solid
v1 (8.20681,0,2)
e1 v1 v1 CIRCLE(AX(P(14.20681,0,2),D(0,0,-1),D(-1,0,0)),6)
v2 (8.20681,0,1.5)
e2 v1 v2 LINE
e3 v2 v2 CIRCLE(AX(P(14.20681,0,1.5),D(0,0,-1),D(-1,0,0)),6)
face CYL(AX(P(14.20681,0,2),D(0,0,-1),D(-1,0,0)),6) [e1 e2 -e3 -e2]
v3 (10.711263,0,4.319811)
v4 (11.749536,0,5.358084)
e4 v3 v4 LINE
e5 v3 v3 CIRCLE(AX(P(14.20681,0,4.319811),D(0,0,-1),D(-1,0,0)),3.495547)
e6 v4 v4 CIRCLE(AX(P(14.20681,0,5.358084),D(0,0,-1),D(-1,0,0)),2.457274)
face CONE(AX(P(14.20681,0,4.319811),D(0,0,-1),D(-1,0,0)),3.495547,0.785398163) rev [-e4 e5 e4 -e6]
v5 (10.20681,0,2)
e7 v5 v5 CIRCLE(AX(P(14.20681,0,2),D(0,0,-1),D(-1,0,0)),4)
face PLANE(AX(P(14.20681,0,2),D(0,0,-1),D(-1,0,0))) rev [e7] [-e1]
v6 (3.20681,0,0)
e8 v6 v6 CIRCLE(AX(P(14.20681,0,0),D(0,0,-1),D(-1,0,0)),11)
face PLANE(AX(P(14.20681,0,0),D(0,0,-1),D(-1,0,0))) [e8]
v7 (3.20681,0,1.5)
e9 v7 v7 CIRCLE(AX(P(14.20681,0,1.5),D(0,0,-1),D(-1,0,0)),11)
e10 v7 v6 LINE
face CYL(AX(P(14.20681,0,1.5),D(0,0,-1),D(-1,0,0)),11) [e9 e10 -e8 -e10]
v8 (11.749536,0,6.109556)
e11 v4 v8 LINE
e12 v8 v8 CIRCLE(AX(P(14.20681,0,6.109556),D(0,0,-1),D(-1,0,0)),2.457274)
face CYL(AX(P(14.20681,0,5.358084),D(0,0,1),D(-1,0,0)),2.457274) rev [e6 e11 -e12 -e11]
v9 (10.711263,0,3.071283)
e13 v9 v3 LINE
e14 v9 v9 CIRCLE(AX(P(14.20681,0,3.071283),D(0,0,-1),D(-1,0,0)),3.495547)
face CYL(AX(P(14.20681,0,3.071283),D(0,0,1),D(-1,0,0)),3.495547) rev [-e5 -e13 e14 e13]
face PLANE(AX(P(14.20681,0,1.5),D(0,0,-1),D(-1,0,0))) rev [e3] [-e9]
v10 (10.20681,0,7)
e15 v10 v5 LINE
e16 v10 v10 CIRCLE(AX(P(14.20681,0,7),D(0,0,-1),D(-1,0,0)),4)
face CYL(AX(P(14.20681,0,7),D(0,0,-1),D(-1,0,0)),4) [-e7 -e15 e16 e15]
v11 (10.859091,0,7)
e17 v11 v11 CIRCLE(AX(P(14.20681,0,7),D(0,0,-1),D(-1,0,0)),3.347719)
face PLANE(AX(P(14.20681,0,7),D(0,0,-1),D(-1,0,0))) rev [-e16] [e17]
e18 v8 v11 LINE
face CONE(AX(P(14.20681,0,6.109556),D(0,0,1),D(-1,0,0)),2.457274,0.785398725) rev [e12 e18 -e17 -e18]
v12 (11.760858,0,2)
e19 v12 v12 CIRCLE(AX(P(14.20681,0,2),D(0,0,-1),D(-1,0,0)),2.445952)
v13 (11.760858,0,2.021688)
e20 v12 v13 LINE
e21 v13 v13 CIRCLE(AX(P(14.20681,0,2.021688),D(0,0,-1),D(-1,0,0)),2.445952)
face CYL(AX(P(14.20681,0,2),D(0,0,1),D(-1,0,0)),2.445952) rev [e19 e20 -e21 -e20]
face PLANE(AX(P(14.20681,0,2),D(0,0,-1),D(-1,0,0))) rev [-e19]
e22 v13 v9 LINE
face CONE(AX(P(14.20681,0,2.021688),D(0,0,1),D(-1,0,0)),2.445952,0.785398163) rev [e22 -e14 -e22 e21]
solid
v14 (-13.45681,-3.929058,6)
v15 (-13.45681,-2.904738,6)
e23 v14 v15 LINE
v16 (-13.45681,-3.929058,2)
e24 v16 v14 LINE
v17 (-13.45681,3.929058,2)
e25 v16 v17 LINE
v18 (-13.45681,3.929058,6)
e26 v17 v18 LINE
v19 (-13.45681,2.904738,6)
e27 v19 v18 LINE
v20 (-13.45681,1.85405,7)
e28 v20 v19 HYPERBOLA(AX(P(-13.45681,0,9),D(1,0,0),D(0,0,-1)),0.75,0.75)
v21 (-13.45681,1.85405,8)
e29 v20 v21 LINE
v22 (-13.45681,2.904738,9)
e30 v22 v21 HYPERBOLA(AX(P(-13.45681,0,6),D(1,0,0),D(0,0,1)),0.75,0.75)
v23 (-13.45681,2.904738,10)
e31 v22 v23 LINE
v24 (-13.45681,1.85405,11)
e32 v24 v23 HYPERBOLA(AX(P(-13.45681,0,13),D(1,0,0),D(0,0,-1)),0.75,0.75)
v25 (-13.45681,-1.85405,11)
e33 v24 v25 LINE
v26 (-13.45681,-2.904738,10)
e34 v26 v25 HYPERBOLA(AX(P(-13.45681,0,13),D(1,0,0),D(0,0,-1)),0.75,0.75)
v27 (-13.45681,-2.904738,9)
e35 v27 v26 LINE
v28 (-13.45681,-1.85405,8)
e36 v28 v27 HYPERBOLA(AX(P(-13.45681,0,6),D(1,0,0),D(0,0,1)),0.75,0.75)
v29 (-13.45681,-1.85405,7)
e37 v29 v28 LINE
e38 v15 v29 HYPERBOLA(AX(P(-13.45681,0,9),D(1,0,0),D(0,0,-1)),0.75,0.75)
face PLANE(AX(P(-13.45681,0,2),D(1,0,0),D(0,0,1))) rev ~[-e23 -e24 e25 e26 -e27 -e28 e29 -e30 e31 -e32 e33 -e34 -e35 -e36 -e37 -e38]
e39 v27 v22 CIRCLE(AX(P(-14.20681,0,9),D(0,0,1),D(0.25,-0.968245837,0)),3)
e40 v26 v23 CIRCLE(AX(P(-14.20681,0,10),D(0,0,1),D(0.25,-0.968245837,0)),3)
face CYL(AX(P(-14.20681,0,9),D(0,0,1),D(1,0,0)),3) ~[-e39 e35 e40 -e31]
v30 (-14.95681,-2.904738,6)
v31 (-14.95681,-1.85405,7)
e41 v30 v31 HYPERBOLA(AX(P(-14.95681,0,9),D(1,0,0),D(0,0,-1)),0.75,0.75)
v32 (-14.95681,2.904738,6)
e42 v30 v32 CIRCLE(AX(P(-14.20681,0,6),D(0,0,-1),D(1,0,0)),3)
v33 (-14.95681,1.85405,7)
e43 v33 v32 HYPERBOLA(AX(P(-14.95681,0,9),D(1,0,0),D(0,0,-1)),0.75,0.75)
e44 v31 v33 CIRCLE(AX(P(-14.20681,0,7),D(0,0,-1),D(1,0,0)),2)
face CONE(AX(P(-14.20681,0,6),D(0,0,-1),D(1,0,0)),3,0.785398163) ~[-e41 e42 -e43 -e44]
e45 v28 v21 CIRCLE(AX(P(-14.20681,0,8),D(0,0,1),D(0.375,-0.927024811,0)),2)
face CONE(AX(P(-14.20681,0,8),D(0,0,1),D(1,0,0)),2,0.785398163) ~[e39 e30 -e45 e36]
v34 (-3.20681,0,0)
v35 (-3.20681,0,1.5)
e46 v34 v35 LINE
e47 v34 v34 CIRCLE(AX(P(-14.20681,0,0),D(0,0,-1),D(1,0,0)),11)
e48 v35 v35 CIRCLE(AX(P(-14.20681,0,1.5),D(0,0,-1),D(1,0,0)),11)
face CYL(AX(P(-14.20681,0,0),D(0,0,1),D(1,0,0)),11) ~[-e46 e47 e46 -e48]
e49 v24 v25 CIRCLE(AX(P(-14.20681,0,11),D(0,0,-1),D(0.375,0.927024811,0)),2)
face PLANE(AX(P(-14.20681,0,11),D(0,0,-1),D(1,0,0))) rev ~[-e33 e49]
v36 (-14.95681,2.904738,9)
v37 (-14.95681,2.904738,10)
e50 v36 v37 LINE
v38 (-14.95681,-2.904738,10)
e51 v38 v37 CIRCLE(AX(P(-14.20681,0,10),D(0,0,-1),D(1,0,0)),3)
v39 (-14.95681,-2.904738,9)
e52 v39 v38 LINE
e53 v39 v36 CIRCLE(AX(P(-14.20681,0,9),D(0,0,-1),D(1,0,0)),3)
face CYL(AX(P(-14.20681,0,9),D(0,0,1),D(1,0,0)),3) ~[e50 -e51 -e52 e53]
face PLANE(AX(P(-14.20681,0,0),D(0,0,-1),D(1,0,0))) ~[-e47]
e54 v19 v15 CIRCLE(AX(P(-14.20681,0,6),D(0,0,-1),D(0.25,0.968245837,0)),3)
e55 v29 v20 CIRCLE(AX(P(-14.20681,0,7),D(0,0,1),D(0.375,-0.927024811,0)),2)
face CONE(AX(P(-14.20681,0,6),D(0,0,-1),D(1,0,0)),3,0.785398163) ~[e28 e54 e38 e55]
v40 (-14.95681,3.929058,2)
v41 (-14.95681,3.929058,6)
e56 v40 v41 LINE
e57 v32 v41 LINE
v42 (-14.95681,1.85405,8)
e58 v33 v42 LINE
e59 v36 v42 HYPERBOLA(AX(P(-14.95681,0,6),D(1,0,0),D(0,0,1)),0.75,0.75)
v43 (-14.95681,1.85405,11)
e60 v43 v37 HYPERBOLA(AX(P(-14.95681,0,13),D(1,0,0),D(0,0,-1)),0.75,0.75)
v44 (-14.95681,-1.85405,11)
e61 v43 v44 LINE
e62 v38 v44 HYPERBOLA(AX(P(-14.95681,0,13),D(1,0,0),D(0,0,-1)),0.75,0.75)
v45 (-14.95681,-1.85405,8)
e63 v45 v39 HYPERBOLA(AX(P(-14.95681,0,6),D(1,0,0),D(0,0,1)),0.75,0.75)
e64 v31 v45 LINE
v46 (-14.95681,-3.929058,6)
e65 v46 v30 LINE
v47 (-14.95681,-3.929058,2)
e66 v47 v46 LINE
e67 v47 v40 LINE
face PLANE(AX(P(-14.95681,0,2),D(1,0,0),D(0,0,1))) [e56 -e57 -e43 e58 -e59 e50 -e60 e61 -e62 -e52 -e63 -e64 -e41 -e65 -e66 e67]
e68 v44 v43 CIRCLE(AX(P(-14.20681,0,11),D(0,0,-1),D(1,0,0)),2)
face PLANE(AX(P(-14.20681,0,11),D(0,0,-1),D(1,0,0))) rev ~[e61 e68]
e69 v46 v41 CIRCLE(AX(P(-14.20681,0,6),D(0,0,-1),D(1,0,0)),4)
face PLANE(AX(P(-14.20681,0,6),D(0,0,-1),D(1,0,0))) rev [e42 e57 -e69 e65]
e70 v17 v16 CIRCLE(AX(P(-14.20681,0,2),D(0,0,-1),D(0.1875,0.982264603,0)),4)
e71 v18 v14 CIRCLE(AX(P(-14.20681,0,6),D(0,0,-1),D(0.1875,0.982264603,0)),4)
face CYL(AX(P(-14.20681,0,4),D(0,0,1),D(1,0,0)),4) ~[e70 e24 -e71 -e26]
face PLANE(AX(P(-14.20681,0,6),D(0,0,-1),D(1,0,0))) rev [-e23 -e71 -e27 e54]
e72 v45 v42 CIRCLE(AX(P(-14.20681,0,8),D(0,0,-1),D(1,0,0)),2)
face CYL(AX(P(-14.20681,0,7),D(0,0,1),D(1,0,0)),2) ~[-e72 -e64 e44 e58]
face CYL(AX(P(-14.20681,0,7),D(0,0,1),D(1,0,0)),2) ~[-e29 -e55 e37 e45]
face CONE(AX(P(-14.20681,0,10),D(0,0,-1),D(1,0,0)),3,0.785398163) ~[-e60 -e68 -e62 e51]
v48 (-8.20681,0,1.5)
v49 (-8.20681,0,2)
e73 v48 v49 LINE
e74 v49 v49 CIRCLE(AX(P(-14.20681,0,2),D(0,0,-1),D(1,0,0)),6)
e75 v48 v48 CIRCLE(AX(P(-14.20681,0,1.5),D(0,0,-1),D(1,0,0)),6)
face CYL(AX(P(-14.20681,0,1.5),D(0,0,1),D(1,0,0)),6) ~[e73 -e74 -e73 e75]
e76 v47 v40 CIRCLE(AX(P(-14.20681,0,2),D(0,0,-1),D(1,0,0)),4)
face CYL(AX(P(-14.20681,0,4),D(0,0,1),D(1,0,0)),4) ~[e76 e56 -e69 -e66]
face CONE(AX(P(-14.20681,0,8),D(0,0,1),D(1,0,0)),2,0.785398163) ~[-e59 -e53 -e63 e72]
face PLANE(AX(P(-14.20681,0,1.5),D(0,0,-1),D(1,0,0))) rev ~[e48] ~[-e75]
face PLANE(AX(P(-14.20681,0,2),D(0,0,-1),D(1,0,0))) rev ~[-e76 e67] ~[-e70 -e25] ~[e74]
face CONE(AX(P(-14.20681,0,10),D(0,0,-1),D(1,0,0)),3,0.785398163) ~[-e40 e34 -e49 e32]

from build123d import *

# Parameters (mm, degrees)
F0_W     = 0.75
F0_H     = 9
F0_W_2   = 1
F0_H_2   = 4
F2_DEPTH = 12.5


with BuildPart() as f1:
    # F0 (on Front) → F1 (revolve)
    with BuildSketch(Plane.XZ):
        Polygon((-14.20681, 1.5), (-14.20681, 0), (-3.20681, 0), (-3.20681, 1.5), (-8.20681, 1.5), align=None)
        Polygon((-14.20681, 2), (-14.20681, 1.5), (-8.20681, 1.5), (-8.20681, 2), (-10.20681, 2), (-11.20681, 2), (-13.45681, 2), align=None)
        with Locations((-13.83181, 6.5)):
            Rectangle(F0_W, F0_H)
        with Locations((-10.70681, 4)):
            Rectangle(F0_W_2, F0_H_2)
        Polygon((-13.45681, 11), (-13.45681, 2), (-11.20681, 2), (-11.20681, 6), (-12.20681, 7), (-12.20681, 8), (-11.20681, 9), (-11.20681, 10), (-12.20681, 11), align=None)
    revolve(axis=Axis((-14.20681, 0, 6.5), (0, 0, -1)))

    # F0 (on Front) → F2 (cut, symmetric)
    with BuildSketch(Plane.XZ):
        with Locations((-13.83181, 6.5)):
            Rectangle(F0_W, F0_H)
        with Locations((-14.58181, 6.5)):
            Rectangle(F0_W, F0_H)
    extrude(amount=F2_DEPTH, both=True, mode=Mode.SUBTRACT)


with BuildPart() as f3:
    # F0 (on Front) → F3 (revolve)
    with BuildSketch(Plane.XZ):
        Polygon((10.20681, 7), (10.20681, 2), (11.760858, 2), (11.760858, 2.021688), (10.711263, 3.071283), (10.711263, 4.319811), (11.749536, 5.358084), (11.749536, 6.109556), (10.859091, 7), align=None)
        Polygon((8.20681, 1.5), (14.20681, 1.5), (14.20681, 2), (12.20681, 2), (11.760858, 2), (10.20681, 2), (8.20681, 2), align=None)
        Polygon((3.20681, 0), (14.20681, 0), (14.20681, 1.5), (8.20681, 1.5), (3.20681, 1.5), align=None)
    revolve(axis=Axis((14.20681, 0, 4.5), (0, 0, -1)))


solid = Compound([f1.part, f3.part])
